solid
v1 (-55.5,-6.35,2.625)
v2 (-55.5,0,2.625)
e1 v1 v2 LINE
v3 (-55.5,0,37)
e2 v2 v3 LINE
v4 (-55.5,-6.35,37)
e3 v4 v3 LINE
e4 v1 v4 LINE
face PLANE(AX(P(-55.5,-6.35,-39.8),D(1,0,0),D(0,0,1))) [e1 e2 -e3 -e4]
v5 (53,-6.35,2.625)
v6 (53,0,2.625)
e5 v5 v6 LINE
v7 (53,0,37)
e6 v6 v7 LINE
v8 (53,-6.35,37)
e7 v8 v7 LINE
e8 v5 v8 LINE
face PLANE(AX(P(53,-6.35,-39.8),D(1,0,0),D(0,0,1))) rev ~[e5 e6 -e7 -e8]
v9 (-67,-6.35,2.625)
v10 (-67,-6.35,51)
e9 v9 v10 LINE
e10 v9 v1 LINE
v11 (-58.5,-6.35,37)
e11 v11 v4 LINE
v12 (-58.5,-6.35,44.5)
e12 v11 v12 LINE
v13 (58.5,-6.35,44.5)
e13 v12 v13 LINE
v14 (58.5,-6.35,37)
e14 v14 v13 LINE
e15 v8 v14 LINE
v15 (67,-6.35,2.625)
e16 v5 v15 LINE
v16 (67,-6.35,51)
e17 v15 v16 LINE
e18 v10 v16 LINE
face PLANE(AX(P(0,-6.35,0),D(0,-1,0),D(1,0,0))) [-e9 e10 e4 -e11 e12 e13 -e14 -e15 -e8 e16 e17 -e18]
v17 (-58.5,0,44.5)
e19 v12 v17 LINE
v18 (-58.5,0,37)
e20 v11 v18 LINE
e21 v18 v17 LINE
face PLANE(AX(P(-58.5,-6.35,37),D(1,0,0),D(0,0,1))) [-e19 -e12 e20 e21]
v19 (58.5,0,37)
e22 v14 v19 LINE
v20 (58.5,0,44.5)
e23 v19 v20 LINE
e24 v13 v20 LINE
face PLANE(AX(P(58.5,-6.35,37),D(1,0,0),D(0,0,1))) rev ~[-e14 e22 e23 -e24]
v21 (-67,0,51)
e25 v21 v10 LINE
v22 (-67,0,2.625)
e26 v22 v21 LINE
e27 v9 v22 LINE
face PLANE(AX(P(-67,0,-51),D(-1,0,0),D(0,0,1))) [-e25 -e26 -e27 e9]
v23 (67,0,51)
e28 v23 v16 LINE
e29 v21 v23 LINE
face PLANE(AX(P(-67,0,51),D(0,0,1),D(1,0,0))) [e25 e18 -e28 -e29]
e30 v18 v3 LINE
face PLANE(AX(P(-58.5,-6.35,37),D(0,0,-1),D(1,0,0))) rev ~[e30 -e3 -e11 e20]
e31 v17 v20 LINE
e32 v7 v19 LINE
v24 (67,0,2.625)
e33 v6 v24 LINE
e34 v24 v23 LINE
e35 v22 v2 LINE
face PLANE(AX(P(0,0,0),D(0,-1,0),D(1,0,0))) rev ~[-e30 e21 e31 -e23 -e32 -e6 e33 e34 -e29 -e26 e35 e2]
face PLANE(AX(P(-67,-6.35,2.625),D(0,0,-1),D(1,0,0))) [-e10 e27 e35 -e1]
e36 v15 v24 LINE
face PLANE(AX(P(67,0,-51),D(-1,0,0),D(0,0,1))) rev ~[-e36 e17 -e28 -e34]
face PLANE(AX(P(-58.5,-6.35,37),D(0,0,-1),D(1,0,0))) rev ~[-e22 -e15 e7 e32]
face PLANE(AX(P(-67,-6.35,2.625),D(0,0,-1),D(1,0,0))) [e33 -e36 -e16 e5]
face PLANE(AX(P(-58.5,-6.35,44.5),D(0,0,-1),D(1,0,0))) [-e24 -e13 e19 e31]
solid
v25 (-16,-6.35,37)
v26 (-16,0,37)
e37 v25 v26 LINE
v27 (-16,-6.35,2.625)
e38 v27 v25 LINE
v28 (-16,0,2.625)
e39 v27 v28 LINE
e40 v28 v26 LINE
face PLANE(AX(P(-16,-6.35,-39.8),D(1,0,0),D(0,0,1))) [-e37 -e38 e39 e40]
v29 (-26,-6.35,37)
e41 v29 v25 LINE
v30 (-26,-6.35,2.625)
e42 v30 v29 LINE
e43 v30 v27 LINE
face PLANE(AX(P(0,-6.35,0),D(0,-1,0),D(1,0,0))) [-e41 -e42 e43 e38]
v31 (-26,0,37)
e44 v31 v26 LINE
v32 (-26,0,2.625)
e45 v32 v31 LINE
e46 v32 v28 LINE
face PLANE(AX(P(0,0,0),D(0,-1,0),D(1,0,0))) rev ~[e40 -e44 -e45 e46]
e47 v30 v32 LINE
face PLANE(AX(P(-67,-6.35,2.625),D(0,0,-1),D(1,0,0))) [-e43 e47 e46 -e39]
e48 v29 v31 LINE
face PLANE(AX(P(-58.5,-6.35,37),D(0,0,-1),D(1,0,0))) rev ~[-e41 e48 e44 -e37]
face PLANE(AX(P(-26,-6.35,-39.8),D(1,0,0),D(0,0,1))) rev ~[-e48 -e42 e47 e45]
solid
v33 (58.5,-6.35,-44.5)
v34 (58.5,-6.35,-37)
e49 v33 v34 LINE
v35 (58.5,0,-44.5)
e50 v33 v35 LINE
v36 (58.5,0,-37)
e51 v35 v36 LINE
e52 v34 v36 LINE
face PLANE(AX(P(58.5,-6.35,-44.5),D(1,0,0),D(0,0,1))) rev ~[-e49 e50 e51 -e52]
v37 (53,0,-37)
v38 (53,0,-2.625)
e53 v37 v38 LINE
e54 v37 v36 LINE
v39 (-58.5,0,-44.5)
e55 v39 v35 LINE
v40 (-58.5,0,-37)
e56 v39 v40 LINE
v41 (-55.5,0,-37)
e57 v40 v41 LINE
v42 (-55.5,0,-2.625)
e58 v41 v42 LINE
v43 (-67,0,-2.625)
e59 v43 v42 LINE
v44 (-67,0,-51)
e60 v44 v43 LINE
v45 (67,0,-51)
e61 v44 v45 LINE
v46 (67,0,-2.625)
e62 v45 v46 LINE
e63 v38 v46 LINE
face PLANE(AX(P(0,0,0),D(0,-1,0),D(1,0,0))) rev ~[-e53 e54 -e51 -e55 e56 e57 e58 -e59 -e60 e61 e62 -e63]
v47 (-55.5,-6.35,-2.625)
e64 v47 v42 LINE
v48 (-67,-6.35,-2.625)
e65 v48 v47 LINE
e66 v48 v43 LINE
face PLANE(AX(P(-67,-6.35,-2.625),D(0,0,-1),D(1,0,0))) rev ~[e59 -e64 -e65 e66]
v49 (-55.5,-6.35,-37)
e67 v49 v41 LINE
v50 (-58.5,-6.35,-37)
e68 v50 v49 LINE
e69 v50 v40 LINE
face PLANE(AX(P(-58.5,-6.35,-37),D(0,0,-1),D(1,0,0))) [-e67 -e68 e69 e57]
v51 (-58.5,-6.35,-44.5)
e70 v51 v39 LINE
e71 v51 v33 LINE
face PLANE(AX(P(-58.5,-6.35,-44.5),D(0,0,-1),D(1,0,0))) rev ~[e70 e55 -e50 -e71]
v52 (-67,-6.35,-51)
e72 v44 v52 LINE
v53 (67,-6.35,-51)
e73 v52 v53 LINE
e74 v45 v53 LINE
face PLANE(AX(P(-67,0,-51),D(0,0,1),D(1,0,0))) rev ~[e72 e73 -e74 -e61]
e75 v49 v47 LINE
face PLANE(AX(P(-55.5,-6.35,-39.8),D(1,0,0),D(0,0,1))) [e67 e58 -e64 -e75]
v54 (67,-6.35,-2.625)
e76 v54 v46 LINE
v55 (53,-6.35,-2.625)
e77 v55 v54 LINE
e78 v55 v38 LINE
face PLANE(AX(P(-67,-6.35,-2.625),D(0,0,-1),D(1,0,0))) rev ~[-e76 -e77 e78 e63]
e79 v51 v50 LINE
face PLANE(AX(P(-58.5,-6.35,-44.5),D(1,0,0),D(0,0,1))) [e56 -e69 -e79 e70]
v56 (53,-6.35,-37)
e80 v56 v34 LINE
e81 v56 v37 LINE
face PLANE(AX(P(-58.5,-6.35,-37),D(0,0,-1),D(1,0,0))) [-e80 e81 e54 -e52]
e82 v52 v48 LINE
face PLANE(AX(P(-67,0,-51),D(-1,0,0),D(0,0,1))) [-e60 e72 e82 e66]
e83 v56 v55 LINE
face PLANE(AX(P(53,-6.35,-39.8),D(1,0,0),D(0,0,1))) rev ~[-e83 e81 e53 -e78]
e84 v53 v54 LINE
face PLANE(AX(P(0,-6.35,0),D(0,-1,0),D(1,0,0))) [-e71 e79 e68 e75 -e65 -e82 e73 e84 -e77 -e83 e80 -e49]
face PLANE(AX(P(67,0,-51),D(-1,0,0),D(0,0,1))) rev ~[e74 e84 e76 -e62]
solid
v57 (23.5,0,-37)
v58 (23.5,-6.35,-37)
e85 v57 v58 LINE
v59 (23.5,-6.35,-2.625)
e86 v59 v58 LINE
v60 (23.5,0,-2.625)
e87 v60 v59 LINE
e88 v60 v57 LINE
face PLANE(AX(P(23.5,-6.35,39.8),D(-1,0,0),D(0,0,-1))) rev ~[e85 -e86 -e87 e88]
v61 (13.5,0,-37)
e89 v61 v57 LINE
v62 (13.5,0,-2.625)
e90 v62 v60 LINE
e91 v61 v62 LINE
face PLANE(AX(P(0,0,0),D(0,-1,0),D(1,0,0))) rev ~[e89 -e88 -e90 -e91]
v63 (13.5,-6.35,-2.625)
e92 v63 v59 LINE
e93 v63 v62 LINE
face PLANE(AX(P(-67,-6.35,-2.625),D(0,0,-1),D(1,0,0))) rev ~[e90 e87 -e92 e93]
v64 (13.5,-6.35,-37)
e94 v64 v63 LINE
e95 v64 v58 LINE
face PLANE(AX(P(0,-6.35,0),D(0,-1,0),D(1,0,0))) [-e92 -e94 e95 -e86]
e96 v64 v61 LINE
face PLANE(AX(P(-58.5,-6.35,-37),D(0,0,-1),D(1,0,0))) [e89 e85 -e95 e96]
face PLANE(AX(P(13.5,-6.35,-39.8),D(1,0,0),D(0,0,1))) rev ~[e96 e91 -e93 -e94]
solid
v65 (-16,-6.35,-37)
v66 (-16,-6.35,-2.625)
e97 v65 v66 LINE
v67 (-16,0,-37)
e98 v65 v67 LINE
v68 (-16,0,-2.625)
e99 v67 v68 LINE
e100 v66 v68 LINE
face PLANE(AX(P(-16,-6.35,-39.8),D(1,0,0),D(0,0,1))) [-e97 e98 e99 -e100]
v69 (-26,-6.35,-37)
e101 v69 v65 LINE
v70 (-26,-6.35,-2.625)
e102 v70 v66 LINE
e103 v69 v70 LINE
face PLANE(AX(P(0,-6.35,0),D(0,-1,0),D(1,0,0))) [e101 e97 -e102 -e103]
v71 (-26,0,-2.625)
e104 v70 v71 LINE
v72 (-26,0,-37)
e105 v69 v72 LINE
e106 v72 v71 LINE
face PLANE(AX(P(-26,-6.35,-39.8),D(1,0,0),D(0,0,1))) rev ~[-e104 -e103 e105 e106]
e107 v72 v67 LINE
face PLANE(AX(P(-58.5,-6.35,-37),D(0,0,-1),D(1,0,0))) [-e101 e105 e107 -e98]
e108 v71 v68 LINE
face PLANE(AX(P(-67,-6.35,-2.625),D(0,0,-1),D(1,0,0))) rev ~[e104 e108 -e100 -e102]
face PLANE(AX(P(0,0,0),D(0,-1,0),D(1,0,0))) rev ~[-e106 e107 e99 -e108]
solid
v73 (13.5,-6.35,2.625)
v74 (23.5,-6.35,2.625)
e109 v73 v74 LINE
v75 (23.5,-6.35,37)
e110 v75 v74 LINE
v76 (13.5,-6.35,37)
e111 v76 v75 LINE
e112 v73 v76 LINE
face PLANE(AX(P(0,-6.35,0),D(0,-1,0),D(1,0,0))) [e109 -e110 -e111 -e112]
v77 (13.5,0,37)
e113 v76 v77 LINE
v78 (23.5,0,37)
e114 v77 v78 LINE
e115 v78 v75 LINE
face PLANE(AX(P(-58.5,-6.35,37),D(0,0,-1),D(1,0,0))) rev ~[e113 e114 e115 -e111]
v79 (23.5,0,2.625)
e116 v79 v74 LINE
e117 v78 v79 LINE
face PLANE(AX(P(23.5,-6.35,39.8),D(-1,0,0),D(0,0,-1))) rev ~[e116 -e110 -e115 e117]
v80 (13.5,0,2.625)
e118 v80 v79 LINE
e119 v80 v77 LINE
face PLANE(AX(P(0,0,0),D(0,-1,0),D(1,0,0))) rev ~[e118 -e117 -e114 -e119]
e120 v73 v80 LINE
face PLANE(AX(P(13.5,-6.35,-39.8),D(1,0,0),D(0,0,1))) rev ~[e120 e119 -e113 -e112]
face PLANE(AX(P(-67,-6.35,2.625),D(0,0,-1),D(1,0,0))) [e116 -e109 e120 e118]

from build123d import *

# Parameters (mm, degrees)
F0_W     = 134
F0_H     = 102
F1_DEPTH = 6.35
F2_W     = 29.5
F2_H     = 79.6
F3_DEPTH = 12.7
F4_W     = 117
F4_H     = 7.5
F4_W_2   = 134
F4_H_2   = 5.25
F5_DEPTH = 6.35


with BuildPart() as f1:
    # F0 (on Front) → F1 (new body)
    with BuildSketch(Plane.XZ):
        Rectangle(F0_W, F0_H)
    extrude(amount=F1_DEPTH)

    # F2 (on face) → F3 (cut)
    with BuildSketch(Plane.XZ.offset(6.35)):
        with Locations((-1.25, 0)):
            Rectangle(F2_W, F2_H)
        Polygon((53, 39.8), (23.5, 39.8), (23.5, -39.8), (53, -39.8), (53, -16.022205), align=None)
        with Locations((-40.75, 0)):
            Rectangle(F2_W, F2_H)
    extrude(amount=-F3_DEPTH, mode=Mode.SUBTRACT)

    # F4 (on face) → F5 (cut)
    with BuildSketch(Plane.XZ.offset(6.35)):
        with Locations((0, 40.75)):
            Rectangle(F4_W, F4_H)
        Rectangle(F4_W_2, F4_H_2)
        with Locations((0, -40.75)):
            Rectangle(F4_W, F4_H)
    extrude(amount=-F5_DEPTH, mode=Mode.SUBTRACT)


solid = f1.part
